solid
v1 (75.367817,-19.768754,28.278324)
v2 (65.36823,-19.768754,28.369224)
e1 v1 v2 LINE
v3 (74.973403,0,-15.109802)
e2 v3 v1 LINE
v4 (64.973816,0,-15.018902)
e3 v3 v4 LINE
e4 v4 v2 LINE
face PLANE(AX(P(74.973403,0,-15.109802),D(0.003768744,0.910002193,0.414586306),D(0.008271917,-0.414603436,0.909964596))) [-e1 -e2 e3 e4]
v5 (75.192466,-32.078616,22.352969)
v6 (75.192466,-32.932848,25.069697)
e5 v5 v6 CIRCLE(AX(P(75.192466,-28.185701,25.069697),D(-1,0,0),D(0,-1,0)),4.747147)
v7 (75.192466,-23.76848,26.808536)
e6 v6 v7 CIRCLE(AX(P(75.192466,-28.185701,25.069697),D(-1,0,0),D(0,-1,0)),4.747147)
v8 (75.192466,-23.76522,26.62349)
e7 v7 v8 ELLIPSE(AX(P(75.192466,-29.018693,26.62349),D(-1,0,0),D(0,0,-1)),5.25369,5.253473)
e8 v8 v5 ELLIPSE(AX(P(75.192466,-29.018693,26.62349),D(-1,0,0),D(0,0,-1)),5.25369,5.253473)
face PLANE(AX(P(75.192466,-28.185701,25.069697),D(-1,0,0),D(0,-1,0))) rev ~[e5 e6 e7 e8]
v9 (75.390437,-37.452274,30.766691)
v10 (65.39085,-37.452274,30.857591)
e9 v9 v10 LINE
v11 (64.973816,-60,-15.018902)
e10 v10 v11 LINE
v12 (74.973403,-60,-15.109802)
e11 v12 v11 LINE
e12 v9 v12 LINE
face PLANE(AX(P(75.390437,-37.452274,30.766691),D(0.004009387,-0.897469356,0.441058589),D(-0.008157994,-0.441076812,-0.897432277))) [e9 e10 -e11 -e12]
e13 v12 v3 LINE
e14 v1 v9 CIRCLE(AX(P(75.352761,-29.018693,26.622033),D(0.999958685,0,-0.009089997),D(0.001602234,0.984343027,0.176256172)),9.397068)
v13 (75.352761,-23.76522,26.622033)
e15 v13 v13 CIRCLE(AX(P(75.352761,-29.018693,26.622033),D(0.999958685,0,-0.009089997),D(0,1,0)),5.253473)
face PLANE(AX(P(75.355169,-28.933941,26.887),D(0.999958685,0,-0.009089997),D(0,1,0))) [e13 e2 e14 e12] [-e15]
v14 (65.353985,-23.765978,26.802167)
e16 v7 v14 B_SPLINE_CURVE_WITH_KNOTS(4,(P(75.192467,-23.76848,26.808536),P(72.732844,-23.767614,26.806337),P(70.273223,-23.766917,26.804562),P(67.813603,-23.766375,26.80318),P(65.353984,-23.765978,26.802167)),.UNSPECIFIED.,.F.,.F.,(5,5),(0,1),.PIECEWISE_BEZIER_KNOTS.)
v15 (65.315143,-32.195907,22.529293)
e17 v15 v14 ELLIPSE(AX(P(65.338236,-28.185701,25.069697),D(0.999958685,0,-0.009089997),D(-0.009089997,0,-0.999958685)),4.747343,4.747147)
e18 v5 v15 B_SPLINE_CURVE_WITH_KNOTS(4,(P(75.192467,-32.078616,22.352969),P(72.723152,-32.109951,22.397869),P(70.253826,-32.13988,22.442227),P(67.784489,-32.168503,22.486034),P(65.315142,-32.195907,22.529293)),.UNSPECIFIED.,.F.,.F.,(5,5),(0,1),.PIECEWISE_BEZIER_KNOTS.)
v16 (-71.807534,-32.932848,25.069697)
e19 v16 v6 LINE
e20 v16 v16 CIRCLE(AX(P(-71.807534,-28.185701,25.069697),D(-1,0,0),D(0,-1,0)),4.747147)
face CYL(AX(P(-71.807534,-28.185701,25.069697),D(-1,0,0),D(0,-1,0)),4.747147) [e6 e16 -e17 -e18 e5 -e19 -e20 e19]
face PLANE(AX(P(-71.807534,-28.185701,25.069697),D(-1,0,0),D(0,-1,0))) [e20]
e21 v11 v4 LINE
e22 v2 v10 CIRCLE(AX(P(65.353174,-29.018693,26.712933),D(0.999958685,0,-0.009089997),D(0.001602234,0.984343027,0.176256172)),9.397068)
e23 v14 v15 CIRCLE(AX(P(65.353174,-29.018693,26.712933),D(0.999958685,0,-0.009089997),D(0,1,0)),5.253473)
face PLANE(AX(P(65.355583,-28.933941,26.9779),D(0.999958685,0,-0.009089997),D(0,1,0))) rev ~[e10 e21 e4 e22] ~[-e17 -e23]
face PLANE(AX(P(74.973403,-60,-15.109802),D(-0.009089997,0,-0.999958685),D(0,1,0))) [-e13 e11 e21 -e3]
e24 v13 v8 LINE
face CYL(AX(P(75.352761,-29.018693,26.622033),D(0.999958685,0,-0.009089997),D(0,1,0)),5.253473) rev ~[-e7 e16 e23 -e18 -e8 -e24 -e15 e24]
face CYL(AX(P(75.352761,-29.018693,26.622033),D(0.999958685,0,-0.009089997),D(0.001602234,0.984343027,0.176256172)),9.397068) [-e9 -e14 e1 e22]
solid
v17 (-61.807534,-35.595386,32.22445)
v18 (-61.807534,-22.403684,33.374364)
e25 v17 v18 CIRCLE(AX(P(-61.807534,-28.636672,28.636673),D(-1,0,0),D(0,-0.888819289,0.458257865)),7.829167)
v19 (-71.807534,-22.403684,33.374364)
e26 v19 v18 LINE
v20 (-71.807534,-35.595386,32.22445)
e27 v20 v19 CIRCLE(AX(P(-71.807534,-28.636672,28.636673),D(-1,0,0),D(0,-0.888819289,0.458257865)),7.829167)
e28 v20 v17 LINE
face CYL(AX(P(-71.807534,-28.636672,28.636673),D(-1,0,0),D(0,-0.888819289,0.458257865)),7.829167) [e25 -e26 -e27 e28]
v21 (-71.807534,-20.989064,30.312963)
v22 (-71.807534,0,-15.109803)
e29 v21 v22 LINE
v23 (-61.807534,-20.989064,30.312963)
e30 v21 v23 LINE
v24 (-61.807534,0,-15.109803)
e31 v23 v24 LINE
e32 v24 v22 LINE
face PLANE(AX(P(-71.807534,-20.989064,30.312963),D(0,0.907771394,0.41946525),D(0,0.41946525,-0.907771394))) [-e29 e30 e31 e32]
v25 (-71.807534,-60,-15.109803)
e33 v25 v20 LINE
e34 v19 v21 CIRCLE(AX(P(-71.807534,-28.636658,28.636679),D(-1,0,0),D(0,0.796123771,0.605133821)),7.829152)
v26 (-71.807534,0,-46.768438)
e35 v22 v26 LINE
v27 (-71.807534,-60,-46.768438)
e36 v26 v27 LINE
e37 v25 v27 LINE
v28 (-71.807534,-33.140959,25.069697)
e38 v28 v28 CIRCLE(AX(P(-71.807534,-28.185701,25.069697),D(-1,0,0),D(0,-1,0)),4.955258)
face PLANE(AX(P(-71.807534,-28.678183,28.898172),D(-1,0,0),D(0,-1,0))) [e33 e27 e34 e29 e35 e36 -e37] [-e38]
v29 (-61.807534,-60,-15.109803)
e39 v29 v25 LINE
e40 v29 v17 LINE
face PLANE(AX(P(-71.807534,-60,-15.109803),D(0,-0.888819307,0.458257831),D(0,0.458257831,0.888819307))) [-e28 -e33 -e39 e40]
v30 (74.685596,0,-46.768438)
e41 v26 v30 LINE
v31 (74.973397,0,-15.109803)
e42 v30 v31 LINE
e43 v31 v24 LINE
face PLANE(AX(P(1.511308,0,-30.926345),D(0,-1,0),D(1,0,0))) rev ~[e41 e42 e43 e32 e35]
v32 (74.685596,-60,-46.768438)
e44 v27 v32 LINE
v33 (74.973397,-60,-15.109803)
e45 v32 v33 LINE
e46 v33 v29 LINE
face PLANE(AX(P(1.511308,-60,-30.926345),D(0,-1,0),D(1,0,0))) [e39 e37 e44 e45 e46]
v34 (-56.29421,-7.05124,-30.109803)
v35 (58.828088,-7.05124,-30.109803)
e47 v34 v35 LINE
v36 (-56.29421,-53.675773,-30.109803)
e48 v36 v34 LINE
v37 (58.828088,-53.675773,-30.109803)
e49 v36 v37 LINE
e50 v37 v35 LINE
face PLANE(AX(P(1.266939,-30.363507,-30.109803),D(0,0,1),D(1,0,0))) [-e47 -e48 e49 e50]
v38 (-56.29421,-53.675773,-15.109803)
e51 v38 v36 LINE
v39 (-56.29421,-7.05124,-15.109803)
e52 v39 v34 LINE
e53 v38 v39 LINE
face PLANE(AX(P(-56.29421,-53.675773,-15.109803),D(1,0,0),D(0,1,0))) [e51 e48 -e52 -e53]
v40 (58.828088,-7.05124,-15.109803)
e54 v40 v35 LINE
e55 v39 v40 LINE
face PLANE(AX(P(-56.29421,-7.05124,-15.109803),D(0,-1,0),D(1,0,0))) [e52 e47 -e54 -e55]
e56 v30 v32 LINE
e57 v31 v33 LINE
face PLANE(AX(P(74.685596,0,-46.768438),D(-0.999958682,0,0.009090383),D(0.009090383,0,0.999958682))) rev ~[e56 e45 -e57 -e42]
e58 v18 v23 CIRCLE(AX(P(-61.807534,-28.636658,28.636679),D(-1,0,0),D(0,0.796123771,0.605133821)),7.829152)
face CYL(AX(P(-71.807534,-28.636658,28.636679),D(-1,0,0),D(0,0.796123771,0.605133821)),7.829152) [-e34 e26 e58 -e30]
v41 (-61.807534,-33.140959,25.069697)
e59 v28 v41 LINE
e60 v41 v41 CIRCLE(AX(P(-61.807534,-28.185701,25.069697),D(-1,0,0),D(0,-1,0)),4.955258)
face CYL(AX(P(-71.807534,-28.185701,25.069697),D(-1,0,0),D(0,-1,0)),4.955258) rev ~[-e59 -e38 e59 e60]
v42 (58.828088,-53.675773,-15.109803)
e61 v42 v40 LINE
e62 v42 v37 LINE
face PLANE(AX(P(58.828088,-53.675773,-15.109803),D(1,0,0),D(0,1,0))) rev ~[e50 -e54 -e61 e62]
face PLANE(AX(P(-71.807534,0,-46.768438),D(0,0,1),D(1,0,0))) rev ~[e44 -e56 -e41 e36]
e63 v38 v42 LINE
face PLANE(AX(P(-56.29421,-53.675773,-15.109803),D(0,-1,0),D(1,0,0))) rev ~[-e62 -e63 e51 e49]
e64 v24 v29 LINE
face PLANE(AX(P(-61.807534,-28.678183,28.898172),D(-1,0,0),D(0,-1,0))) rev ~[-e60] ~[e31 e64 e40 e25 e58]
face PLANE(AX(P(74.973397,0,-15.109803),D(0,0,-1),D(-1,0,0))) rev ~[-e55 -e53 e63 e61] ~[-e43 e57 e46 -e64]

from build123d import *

# Parameters (mm, degrees)
F1_DEPTH  = 60
F3_DEPTH  = 10
F5_DEPTH  = 10
F6_W      = 115.122299
F6_H      = 46.624533
F7_DEPTH  = 15
F8_R      = 4.955258
F9_DEPTH  = 25
F10_R     = 5.253473
F11_DEPTH = 25
F12_R     = 4.747147
F13_DEPTH = 147


with BuildPart() as f1:
    # F0 (on Front) → F1 (new body)
    with BuildSketch(Plane.XZ):
        Polygon((74.685596, -46.768438), (74.973397, -15.109803), (-71.807534, -15.109803), (-71.807534, -46.768438), align=None)
    extrude(amount=F1_DEPTH)

    # F2 (on face) → F3 (join)
    with BuildSketch(Plane(origin=(-71.807534, 0, 0), x_dir=(0, -1, 0), z_dir=(-1, 0, 0))):
        with BuildLine():
            ThreePointArc((20.989064, 30.312963), (27.793625, 20.853029), (36.465838, 28.636673))
            ThreePointArc((36.465838, 28.636673), (36.245114, 30.482603), (35.595386, 32.22445))
            ThreePointArc((35.595386, 32.22445), (29.316557, 36.436263), (22.403684, 33.374364))
            Line((22.403684, 33.374364), (20.989064, 30.312963))
        make_face()
        with BuildLine():
            ThreePointArc((35.595386, 32.22445), (36.245114, 30.482603), (36.465838, 28.636673))
            ThreePointArc((36.465838, 28.636673), (27.793625, 20.853029), (20.989064, 30.312963))
            Line((20.989064, 30.312963), (0, -15.109803))
            Line((0, -15.109803), (60, -15.109803))
            Line((60, -15.109803), (35.595386, 32.22445))
        make_face()
        with BuildLine():
            ThreePointArc((22.403684, 33.374364), (21.529578, 31.920737), (20.989064, 30.312963))
            Line((20.989064, 30.312963), (22.403684, 33.374364))
        make_face()
    extrude(amount=-F3_DEPTH)

    # F6 (on face) → F7 (cut)
    with BuildSketch(Plane.XY.offset(-15.109803)):
        with Locations((1.266939, -30.363507)):
            Rectangle(F6_W, F6_H)
    extrude(amount=-F7_DEPTH, mode=Mode.SUBTRACT)

    # F8 (on face) → F9 (cut)
    with BuildSketch(Plane(origin=(-71.807534, 0, 0), x_dir=(0, -1, 0), z_dir=(-1, 0, 0))):
        with Locations((28.185701, 25.069697)):
            Circle(F8_R)
    extrude(amount=-F9_DEPTH, mode=Mode.SUBTRACT)


with BuildPart() as f5:
    # F4 (on face) → F5 (new body)
    with BuildSketch(Plane(origin=(75.10455, 0, -0.682757), x_dir=(0, 1, 0), z_dir=(0.999959, 0, -0.00909))):
        with BuildLine():
            ThreePointArc((-37.452274, 31.450747), (-31.146363, 18.15289), (-19.621624, 27.305918))
            ThreePointArc((-19.621624, 27.305918), (-19.658479, 28.137359), (-19.768754, 28.962278))
            ThreePointArc((-19.768754, 28.962278), (-27.709216, 36.611302), (-37.452274, 31.450747))
        make_face()
        with BuildLine():
            ThreePointArc((-19.768754, 28.962278), (-19.658479, 28.137359), (-19.621624, 27.305918))
            ThreePointArc((-19.621624, 27.305918), (-31.146363, 18.15289), (-37.452274, 31.450747))
            Line((-37.452274, 31.450747), (-60, -14.427641))
            Line((-60, -14.427641), (0, -14.427641))
            Line((0, -14.427641), (-19.768754, 28.962278))
        make_face()
    extrude(amount=-F5_DEPTH)

    # F10 (on face) → F11 (cut)
    with BuildSketch(Plane(origin=(75.10455, 0, -0.682757), x_dir=(0, 1, 0), z_dir=(0.999959, 0, -0.00909))):
        with Locations((-29.018693, 27.305918)):
            Circle(F10_R)
    extrude(amount=-F11_DEPTH, mode=Mode.SUBTRACT)

    # F12 (on face) → F13 (join)
    with BuildSketch(Plane(origin=(-71.807534, 0, 0), x_dir=(0, -1, 0), z_dir=(-1, 0, 0))):
        with Locations((28.185701, 25.069697)):
            Circle(F12_R)
    extrude(amount=-F13_DEPTH)


solid = Compound([f1.part, f5.part])
